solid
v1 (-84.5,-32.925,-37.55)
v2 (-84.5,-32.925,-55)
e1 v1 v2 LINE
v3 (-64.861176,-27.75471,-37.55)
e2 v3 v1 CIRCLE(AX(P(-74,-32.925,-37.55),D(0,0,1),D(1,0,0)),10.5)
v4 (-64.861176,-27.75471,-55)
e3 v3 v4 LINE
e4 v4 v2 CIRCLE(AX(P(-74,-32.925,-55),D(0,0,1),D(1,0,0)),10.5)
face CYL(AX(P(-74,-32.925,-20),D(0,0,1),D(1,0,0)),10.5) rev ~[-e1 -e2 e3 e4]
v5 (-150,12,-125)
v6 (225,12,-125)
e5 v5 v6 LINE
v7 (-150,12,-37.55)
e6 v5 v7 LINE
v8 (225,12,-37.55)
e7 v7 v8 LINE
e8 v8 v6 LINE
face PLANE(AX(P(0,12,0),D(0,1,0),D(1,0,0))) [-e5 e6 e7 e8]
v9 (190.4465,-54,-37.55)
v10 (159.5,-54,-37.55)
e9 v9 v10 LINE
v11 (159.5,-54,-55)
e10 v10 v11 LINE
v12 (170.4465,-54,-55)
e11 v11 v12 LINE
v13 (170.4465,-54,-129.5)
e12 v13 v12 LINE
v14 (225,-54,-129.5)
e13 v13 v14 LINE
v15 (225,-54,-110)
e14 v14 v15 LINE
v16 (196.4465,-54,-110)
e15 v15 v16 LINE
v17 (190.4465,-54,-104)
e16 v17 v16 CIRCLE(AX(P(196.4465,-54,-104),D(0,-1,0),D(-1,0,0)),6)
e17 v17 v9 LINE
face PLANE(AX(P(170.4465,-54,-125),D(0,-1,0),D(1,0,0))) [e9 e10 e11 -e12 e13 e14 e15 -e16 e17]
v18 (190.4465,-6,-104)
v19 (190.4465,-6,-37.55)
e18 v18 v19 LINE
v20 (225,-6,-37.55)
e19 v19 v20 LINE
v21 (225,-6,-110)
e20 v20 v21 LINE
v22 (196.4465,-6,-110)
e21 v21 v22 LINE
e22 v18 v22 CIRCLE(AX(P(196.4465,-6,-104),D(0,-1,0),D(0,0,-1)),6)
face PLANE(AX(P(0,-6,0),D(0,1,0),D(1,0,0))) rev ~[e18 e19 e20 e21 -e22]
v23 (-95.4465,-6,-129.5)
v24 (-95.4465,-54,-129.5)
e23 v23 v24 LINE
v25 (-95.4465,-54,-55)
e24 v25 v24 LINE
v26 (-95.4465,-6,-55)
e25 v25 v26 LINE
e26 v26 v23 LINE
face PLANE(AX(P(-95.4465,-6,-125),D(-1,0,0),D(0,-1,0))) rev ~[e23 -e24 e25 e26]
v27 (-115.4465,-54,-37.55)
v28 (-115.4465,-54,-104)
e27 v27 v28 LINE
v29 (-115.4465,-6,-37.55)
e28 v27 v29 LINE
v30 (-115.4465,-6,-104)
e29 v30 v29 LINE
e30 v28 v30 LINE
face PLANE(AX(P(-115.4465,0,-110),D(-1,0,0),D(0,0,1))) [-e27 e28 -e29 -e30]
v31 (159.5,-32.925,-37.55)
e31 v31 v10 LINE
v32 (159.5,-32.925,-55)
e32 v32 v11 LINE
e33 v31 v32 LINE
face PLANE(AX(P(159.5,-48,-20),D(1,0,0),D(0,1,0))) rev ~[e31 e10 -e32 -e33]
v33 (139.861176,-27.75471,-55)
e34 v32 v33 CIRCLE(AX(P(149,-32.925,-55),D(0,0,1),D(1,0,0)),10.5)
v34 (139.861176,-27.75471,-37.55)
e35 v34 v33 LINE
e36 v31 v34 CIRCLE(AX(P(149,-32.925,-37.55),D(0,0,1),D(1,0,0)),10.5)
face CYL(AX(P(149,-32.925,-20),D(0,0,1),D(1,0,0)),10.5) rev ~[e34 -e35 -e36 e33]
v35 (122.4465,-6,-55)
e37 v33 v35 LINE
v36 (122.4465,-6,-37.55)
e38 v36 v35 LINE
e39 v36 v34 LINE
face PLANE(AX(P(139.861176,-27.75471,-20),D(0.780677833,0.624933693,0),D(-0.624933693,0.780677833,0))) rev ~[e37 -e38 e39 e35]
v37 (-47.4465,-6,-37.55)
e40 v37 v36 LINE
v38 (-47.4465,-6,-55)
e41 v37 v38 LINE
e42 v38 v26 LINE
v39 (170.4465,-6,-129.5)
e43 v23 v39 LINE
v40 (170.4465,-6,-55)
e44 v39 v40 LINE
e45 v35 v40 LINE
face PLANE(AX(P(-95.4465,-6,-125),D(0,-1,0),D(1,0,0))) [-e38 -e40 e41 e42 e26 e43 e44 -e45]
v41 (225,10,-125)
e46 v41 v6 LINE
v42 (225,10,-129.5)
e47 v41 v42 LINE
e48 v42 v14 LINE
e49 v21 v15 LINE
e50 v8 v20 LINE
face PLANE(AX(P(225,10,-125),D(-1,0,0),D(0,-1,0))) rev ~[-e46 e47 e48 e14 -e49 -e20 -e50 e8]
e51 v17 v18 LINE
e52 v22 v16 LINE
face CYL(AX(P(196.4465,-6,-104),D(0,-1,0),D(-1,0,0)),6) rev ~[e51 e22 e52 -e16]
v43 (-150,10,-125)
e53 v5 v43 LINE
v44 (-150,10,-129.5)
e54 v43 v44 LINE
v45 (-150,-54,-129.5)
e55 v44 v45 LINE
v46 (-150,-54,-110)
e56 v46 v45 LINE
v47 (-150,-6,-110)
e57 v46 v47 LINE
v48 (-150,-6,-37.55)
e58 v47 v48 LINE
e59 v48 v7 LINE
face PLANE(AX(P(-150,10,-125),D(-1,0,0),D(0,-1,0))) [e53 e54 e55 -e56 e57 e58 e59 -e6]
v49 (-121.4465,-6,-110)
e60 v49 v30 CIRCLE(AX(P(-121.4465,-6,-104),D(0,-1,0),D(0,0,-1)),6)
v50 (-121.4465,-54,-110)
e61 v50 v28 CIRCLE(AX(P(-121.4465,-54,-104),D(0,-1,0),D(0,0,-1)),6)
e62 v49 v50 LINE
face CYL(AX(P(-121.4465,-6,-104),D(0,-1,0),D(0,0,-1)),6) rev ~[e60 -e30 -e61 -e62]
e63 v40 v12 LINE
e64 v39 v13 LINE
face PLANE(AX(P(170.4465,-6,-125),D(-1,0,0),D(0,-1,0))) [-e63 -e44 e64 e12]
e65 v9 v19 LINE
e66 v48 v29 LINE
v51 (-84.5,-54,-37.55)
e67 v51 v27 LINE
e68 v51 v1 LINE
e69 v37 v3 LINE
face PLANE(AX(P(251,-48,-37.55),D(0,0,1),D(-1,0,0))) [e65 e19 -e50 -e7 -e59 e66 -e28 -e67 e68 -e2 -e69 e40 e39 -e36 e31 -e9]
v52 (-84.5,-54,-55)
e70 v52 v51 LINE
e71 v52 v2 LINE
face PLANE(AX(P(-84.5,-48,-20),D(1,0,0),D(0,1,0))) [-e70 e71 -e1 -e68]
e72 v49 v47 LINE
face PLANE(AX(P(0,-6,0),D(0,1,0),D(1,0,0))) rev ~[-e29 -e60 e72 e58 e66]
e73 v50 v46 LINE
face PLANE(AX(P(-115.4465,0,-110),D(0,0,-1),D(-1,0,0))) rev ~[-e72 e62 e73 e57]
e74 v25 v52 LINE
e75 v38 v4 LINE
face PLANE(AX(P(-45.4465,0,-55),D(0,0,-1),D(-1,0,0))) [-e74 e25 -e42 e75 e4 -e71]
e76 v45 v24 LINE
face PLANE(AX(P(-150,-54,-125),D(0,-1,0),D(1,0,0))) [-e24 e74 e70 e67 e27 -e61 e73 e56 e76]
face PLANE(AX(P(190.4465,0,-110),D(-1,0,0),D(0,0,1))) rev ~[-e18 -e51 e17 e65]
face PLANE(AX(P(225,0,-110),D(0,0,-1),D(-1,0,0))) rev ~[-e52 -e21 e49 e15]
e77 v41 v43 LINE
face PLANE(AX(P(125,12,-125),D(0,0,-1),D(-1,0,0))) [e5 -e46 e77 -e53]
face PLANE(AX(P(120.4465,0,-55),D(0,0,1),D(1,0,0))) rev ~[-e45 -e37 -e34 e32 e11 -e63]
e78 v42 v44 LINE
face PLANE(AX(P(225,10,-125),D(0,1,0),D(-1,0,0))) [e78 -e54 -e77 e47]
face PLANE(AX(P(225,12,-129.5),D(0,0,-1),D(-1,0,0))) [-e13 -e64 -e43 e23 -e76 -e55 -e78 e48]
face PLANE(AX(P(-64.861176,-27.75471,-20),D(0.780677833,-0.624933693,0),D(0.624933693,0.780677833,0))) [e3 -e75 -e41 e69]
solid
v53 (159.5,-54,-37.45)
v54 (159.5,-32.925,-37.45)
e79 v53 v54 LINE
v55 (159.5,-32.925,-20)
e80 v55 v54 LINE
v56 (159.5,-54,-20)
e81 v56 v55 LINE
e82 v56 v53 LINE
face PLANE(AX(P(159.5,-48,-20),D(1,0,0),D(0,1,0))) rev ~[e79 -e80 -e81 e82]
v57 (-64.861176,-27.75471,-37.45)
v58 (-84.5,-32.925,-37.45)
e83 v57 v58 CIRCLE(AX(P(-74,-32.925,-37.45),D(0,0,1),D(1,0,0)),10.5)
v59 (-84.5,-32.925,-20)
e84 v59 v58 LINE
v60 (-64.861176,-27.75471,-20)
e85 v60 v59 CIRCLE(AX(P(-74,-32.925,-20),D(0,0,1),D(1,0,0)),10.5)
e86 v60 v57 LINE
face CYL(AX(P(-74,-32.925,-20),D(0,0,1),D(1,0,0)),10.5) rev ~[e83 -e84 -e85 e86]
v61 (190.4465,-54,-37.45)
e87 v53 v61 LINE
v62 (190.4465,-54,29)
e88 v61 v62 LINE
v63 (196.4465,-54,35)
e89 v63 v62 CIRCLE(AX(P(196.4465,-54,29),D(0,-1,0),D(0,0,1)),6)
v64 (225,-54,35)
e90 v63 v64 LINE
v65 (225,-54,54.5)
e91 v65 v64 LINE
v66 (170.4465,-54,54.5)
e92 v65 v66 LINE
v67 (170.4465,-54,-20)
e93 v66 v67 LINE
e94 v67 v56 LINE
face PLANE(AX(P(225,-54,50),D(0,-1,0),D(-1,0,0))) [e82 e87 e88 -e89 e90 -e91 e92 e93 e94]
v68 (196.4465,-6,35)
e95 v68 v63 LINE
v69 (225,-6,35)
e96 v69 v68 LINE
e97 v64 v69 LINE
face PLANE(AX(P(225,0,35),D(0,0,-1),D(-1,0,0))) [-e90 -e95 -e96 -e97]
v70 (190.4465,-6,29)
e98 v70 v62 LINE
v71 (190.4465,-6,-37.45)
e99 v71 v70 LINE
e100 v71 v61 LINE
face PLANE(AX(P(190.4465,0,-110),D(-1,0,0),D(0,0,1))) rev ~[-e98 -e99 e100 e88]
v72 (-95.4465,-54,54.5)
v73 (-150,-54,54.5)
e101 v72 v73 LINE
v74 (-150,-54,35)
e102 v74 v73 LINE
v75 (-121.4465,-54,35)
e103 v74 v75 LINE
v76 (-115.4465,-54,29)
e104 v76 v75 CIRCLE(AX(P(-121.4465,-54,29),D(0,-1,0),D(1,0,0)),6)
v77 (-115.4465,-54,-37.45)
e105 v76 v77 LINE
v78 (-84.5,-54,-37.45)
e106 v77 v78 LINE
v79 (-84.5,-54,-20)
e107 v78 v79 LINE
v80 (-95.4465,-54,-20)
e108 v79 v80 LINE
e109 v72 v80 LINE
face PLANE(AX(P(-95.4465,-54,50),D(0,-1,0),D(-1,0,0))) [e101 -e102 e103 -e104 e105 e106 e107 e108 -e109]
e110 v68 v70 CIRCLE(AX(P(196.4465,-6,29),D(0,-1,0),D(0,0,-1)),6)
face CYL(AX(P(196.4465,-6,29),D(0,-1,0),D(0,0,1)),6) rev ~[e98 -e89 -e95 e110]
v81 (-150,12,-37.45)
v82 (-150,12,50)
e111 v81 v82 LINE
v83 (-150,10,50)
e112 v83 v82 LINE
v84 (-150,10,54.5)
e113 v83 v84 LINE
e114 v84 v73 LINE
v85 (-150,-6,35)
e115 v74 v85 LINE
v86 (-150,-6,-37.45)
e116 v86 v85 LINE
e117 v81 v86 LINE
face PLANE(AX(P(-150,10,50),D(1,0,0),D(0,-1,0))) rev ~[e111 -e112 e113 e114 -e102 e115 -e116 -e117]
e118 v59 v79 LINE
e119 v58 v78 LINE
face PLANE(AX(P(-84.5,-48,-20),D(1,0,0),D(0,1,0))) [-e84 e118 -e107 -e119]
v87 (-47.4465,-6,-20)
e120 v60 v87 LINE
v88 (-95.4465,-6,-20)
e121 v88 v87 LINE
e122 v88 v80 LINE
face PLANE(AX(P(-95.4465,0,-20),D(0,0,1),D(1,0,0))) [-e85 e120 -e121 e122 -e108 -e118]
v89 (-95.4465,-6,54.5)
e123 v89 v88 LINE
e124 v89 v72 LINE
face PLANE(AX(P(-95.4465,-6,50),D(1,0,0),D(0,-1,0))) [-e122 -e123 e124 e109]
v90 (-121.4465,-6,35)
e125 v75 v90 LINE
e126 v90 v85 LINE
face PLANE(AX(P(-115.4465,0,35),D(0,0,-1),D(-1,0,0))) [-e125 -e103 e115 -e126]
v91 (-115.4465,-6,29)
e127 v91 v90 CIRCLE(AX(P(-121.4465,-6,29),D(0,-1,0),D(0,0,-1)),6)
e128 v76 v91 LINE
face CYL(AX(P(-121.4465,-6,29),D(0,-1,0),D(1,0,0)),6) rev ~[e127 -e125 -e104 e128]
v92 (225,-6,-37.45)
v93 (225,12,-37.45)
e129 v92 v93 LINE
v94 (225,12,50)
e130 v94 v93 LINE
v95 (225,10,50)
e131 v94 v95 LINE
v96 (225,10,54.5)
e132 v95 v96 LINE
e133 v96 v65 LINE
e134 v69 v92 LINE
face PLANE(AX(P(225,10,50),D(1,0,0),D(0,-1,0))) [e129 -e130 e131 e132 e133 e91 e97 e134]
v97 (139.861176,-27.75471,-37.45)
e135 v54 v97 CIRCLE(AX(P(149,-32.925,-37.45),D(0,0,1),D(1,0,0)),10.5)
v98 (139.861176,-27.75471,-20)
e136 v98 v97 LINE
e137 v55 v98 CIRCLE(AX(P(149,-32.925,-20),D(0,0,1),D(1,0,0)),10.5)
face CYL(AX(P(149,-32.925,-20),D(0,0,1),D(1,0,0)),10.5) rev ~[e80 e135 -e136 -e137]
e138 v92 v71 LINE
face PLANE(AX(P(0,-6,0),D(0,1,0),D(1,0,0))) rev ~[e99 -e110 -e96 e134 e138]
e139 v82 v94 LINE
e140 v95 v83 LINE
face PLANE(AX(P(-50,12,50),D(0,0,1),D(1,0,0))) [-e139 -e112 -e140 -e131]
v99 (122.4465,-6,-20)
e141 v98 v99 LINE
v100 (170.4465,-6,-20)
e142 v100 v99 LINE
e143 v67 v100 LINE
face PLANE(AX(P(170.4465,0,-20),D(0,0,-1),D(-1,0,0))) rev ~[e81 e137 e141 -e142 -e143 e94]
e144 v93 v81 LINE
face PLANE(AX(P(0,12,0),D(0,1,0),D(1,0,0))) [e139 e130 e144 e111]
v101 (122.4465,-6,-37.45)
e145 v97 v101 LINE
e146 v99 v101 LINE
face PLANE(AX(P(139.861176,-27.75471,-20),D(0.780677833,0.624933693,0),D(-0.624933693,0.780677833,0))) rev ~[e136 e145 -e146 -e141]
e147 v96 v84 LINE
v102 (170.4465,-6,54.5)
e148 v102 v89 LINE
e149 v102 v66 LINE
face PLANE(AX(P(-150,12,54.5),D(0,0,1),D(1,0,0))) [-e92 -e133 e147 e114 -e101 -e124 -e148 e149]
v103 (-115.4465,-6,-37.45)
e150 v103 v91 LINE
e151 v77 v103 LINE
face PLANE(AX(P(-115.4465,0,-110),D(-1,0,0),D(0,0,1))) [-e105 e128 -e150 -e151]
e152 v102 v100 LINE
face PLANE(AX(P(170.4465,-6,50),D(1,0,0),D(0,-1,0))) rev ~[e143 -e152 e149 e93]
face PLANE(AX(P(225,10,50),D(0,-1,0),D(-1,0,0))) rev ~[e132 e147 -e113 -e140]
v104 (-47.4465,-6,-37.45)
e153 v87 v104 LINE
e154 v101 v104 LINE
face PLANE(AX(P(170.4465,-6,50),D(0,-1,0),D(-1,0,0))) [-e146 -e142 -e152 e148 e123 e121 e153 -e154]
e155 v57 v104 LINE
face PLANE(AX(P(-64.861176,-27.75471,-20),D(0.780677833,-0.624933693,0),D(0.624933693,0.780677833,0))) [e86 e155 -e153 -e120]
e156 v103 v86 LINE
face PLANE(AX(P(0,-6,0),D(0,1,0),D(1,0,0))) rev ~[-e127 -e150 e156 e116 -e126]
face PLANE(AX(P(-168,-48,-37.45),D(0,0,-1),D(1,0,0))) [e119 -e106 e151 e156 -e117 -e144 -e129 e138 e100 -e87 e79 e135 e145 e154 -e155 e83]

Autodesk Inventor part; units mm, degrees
ref_plane "YZ Plane" through (0, 0, 0) normal (1, 0, 0) x (0, 1, 0)
ref_plane "XZ Plane" through (0, 0, 0) normal (0, 1, 0) x (-1, 0, 0)
ref_plane "XY Plane" through (0, 0, 0) normal (0, 0, 1) x (1, 0, 0)
sketch "Sketch1" plane through (0, 0, 0) normal (0, 1, 0) x (-1, 0, 0)
  line L0 (50, 50) -> (-125, 50)
  line L1 (-125, 50) -> (-125, -125)
  line L2 (-125, -125) -> (50, -125)
  line L3 (50, -125) -> (50, 50)
  point P0 (0, 0)
  dimension "d0" = 175
  dimension "d1" = 175
extrude "Extrusion1" add sketch "Sketch1" along normal blind 12
sketch "Sketch2" plane through (0, 12, 0) normal (0, 1, 0) x (1, 0, 0)
  line L0 (-50, -50) -> (125, -50) projected
  line L1 (-150, -50) -> (225, -50)
  line L2 (225, -50) -> (225, 125)
  line L3 (225, 125) -> (-150, 125)
  line L4 (-150, 125) -> (-150, -50)
  line L5 (-50, 125) -> (-50, -50) projected
  line L6 (125, -50) -> (125, 125) projected
  point P0 (0, 0)
  point P1 (55, -50)
  dimension "d8" = 100
  dimension "d9" = 100
extrude "Extrusion2" add sketch "Sketch2" against normal blind 18
sketch "Sketch3" plane through (0, 0, 0) normal (0, -1, 0) x (1, 0, 0)
  line L0 (225, 50) -> (-150, 50) projected
  line L1 (-150, 50) -> (-150, -125) projected
  line L2 (-150, -125) -> (225, -125) projected
  line L3 (225, -125) -> (225, 50) projected
  line L4 (-115.4465, 50) -> (-95.4465, 50)
  line L5 (-95.4465, 50) -> (-95.4465, -125)
  line L6 (-95.4465, -125) -> (-115.4465, -125)
  line L7 (-115.4465, -125) -> (-115.4465, 50)
  line L8 (190.4465, 50) -> (170.4465, 50)
  line L9 (170.4465, 50) -> (170.4465, -125)
  line L10 (170.4465, -125) -> (190.4465, -125)
  line L11 (190.4465, -125) -> (190.4465, 50)
  line L12 (-150, -125) -> (-115.4465, -125)
  line L13 (-115.4465, -125) -> (-115.4465, -110)
  line L14 (-115.4465, -110) -> (-150, -110)
  line L15 (-150, -110) -> (-150, -125)
  line L16 (-150, 50) -> (-115.4465, 50)
  line L17 (-115.4465, 50) -> (-115.4465, 35)
  line L18 (-115.4465, 35) -> (-150, 35)
  line L19 (-150, 35) -> (-150, 50)
  line L20 (190.4465, 50) -> (225, 50)
  line L21 (225, 50) -> (225, 35)
  line L22 (225, 35) -> (190.4465, 35)
  line L23 (190.4465, 35) -> (190.4465, 50)
  line L24 (190.4465, -125) -> (225, -125)
  line L25 (225, -125) -> (225, -110)
  line L26 (225, -110) -> (190.4465, -110)
  line L27 (190.4465, -110) -> (190.4465, -125)
  line L28 (-95.4465, -20) -> (-45.4465, -20)
  line L29 (-45.4465, -20) -> (-45.4465, -55)
  line L30 (-45.4465, -55) -> (-95.4465, -55)
  line L31 (-95.4465, -55) -> (-95.4465, -20)
  line L32 (170.4465, -20) -> (120.4465, -20)
  line L33 (120.4465, -20) -> (120.4465, -55)
  line L34 (120.4465, -55) -> (170.4465, -55)
  line L35 (170.4465, -55) -> (170.4465, -20)
  point P0 (0, 0)
  point P1 (190.4465, -125)
  point P2 (170.4465, 50)
  dimension "d10" = 265.893
  dimension "d11" = 20
  dimension "d12" = 20
  dimension "d13" = 34.5535
  dimension "d14" = 34.5535
  dimension "d17" = 15
  dimension "d18" = 15
  dimension "d19" = 15
  dimension "d20" = 15
  dimension "d22" = 50
  dimension "d23" = 50
  dimension "d24" = 70
  dimension "d25" = 70
extrude "Extrusion3" add sketch "Sketch3" along normal blind 48 contours L3 L22 L11 L0 | L11 L2 L9 L0 | L3 L2 L11 L26 | L5 L2 L7 L0 | L9 L34 L33 L32 | L7 L18 L1 L0 | L28 L29 L30 L5 | L7 L2 L1 L14
fillet "Fillet1" radius 6 4 edges at (-115.4465, -27, -110) (-115.4465, -27, 35) (190.4465, -27, 35) (190.4465, -27, -110)
sketch "Sketch4" plane through (0, -48, 0) normal (0, -1, 0) x (1, 0, 0)
  point P0 (0, 0)
sketch "Sketch5" plane through (120.4465, -6, -20) normal (0, 0, 1) x (1, 0, 0)
  circle A0 centre (28.5535, -26.925) radius 10.5
  circle A1 centre (-194.4465, -26.925) radius 10.5
  line L0 (-215.893, 0) -> (-215.893, -42) projected
  line L1 (50, 0) -> (50, -42) projected
  line L2 (50, 0) -> (-215.893, 0) projected
  line L3 (2, 0) -> (0, 0)
  line L4 (0, 0) -> (0, -42) projected
  line L5 (0, -42) -> (12, -42)
  line L6 (12, -42) -> (28.5535, -26.925)
  line L7 (-165.893, 0) -> (-165.893, -42) projected
  line L8 (-167.893, 0) -> (-165.893, 0)
  line L9 (-165.893, -42) -> (-215.893, -42) projected
  line L10 (-165.893, 0) -> (-165.893, -42)
  line L11 (-165.893, -42) -> (-194.4465, -42)
  line L12 (-194.4465, -42) -> (-194.4465, -26.925)
  line L13 (-204.9465, -26.925) -> (-194.4465, -26.925)
  line L14 (-194.4465, -26.925) -> (-194.4465, -42)
  line L15 (-194.4465, -42) -> (-204.9465, -42)
  line L16 (-204.9465, -42) -> (-204.9465, -26.925)
  line L17 (39.0535, -26.925) -> (12, -26.925)
  line L18 (12, -26.925) -> (12, -42)
  line L19 (12, -42) -> (39.0535, -42)
  line L20 (39.0535, -42) -> (39.0535, -26.925)
  line L21 (-194.4465, -26.925) -> (-189.4465, -26.925)
  line L22 (28.5535, -26.925) -> (23.5535, -26.925)
  line L23 (23.5535, -26.925) -> (2, 0)
  line L24 (-189.4465, -26.925) -> (-167.893, 0)
  point P0 (-120.4465, 6)
  point P1 (20.7903, -33.9948)
  point P2 (-194.4465, -37.425)
  point P3 (19.4147, -21.7547)
  point P4 (2, 0)
  point P5 (-185.3077, -21.7547)
  point P6 (-167.893, 0)
  dimension "d32" = 21
  dimension "d33" = 21
  dimension "d26" = 223
  dimension "d27" = 21.4465
  dimension "d29" = 26.925
  dimension "d30" = 26.925
  dimension "d31" = 21.4465
  dimension "d34" = 12
  dimension "d35" = 2
  dimension "d37" = 2
  dimension "d40" = 5
  dimension "d41" = 5
extrude "Extrusion4" cut sketch "Sketch5" against normal blind 54 contours L17 L23 A0 | L20 L19 L6 A0 | A0 L6 L17 | L7 L9 L12 A1 L24 L2 | L23 L17 A0 | A0 L17 L18 L5 L4 L2 L23 | L6 L18 L17 A0 | A0 L17 L6 | L24 L21 L13 A1 | A1 L12 L21 L24 | L9 L16 A1 L12 | L13 L12 A1
sketch "Sketch6" plane through (0, -48, 0) normal (0, -1, 0) x (1, 0, 0)
  line L0 (-168, -37.45) -> (251, -37.45)
  line L1 (251, -37.45) -> (251, -37.55)
  line L2 (251, -37.55) -> (-168, -37.55)
  line L3 (-168, -37.55) -> (-168, -37.45)
  line L4 (170.4465, 50) -> (-95.4465, 50) projected
  line L5 (-95.4465, -125) -> (170.4465, -125) projected
  point P0 (0, 0)
  dimension "d42" = 87.45
  dimension "d43" = 87.45
extrude "Extrusion5" cut sketch "Sketch6" against normal blind 98
sketch "Sketch7" plane through (0, -48, 0) normal (0, -1, 0) x (1, 0, 0)
  line L0 (-115.4465, -37.45) -> (-84.5, -37.45) projected
  line L1 (-84.5, -37.45) -> (-84.5, -20) projected
  line L2 (-84.5, -20) -> (-95.4465, -20) projected
  line L3 (-95.4465, -20) -> (-95.4465, 50) projected
  line L4 (-95.4465, 50) -> (-150, 50) projected
  line L5 (-150, 50) -> (-150, 35) projected
  line L6 (-150, 35) -> (-121.4465, 35) projected
  arc A0 (-115.4465, 29) -> (-121.4465, 35) centre (-121.4465, 29) ccw projected
  line L7 (-115.4465, 29) -> (-115.4465, -37.45) projected
  line L8 (-84.5, -37.55) -> (-115.4465, -37.55) projected
  line L9 (-115.4465, -37.55) -> (-115.4465, -104) projected
  arc A1 (-121.4465, -110) -> (-115.4465, -104) centre (-121.4465, -104) ccw projected
  line L10 (-121.4465, -110) -> (-150, -110) projected
  line L11 (-150, -110) -> (-150, -125) projected
  line L12 (-150, -125) -> (-95.4465, -125) projected
  line L13 (-95.4465, -125) -> (-95.4465, -55) projected
  line L14 (-95.4465, -55) -> (-84.5, -55) projected
  line L15 (-84.5, -55) -> (-84.5, -37.55) projected
  line L16 (159.5, -37.45) -> (190.4465, -37.45) projected
  line L17 (190.4465, -37.45) -> (190.4465, 29) projected
  arc A2 (196.4465, 35) -> (190.4465, 29) centre (196.4465, 29) ccw projected
  line L18 (196.4465, 35) -> (225, 35) projected
  line L19 (225, 35) -> (225, 50) projected
  line L20 (225, 50) -> (170.4465, 50) projected
  line L21 (170.4465, 50) -> (170.4465, -20) projected
  line L22 (170.4465, -20) -> (159.5, -20) projected
  line L23 (159.5, -20) -> (159.5, -37.45) projected
  line L24 (190.4465, -37.55) -> (159.5, -37.55) projected
  line L25 (159.5, -37.55) -> (159.5, -55) projected
  line L26 (159.5, -55) -> (170.4465, -55) projected
  line L27 (170.4465, -55) -> (170.4465, -125) projected
  line L28 (170.4465, -125) -> (225, -125) projected
  line L29 (225, -125) -> (225, -110) projected
  line L30 (225, -110) -> (196.4465, -110) projected
  arc A3 (190.4465, -104) -> (196.4465, -110) centre (196.4465, -104) ccw projected
  line L31 (190.4465, -104) -> (190.4465, -37.55) projected
  point P0 (0, 0)
extrude "Extrusion6" add sketch "Sketch7" along normal blind 6
sketch "Sketch8" plane through (-150, 12, 50) normal (0, 0, 1) x (1, 0, 0)
  line L0 (375, 0) -> (375, -66) projected
  line L1 (0, 0) -> (375, 0) projected
  line L2 (0, 0) -> (0, -66) projected
  line L3 (54.5535, -66) -> (0, -66) projected
  line L4 (54.5535, -18) -> (54.5535, -66) projected
  line L5 (320.4465, -18) -> (54.5535, -18) projected
  line L6 (320.4465, -18) -> (320.4465, -66) projected
  line L7 (375, -66) -> (320.4465, -66) projected
  line L8 (0, 0) -> (375, 0)
  line L9 (375, 0) -> (375, -2)
  line L10 (375, -2) -> (0, -2)
  line L11 (0, -2) -> (0, 0)
  point P0 (150, -12)
  point P1 (375, -2)
  point P2 (0, -2)
extrude "Extrusion7" add sketch "Sketch8" along normal blind 4.5 contours L0 L7 L6 L5 L4 L3 L2 L10
sketch "Sketch9" plane through (225, 12, -125) normal (0, 0, -1) x (-1, 0, 0)
  line L0 (320.4465, -18) -> (54.5535, -18) projected
  line L1 (320.4465, -18) -> (320.4465, -66) projected
  line L2 (375, -66) -> (320.4465, -66) projected
  line L3 (375, 0) -> (375, -66) projected
  line L4 (0, 0) -> (375, 0) projected
  line L5 (0, 0) -> (0, -66) projected
  line L6 (54.5535, -66) -> (0, -66) projected
  line L7 (54.5535, -18) -> (54.5535, -66) projected
  line L8 (375, 0) -> (0, 0)
  line L9 (0, 0) -> (0, -2)
  line L10 (0, -2) -> (375, -2)
  line L11 (375, -2) -> (375, 0)
  point P0 (225, -12)
  point P1 (375, -2)
extrude "Extrusion8" add sketch "Sketch9" along normal blind 4.5 contours L0 L7 L6 L5 L10 L3 L2 L1
properties part number "ZadBabkaOsnova" material "Aluminum 6061"
